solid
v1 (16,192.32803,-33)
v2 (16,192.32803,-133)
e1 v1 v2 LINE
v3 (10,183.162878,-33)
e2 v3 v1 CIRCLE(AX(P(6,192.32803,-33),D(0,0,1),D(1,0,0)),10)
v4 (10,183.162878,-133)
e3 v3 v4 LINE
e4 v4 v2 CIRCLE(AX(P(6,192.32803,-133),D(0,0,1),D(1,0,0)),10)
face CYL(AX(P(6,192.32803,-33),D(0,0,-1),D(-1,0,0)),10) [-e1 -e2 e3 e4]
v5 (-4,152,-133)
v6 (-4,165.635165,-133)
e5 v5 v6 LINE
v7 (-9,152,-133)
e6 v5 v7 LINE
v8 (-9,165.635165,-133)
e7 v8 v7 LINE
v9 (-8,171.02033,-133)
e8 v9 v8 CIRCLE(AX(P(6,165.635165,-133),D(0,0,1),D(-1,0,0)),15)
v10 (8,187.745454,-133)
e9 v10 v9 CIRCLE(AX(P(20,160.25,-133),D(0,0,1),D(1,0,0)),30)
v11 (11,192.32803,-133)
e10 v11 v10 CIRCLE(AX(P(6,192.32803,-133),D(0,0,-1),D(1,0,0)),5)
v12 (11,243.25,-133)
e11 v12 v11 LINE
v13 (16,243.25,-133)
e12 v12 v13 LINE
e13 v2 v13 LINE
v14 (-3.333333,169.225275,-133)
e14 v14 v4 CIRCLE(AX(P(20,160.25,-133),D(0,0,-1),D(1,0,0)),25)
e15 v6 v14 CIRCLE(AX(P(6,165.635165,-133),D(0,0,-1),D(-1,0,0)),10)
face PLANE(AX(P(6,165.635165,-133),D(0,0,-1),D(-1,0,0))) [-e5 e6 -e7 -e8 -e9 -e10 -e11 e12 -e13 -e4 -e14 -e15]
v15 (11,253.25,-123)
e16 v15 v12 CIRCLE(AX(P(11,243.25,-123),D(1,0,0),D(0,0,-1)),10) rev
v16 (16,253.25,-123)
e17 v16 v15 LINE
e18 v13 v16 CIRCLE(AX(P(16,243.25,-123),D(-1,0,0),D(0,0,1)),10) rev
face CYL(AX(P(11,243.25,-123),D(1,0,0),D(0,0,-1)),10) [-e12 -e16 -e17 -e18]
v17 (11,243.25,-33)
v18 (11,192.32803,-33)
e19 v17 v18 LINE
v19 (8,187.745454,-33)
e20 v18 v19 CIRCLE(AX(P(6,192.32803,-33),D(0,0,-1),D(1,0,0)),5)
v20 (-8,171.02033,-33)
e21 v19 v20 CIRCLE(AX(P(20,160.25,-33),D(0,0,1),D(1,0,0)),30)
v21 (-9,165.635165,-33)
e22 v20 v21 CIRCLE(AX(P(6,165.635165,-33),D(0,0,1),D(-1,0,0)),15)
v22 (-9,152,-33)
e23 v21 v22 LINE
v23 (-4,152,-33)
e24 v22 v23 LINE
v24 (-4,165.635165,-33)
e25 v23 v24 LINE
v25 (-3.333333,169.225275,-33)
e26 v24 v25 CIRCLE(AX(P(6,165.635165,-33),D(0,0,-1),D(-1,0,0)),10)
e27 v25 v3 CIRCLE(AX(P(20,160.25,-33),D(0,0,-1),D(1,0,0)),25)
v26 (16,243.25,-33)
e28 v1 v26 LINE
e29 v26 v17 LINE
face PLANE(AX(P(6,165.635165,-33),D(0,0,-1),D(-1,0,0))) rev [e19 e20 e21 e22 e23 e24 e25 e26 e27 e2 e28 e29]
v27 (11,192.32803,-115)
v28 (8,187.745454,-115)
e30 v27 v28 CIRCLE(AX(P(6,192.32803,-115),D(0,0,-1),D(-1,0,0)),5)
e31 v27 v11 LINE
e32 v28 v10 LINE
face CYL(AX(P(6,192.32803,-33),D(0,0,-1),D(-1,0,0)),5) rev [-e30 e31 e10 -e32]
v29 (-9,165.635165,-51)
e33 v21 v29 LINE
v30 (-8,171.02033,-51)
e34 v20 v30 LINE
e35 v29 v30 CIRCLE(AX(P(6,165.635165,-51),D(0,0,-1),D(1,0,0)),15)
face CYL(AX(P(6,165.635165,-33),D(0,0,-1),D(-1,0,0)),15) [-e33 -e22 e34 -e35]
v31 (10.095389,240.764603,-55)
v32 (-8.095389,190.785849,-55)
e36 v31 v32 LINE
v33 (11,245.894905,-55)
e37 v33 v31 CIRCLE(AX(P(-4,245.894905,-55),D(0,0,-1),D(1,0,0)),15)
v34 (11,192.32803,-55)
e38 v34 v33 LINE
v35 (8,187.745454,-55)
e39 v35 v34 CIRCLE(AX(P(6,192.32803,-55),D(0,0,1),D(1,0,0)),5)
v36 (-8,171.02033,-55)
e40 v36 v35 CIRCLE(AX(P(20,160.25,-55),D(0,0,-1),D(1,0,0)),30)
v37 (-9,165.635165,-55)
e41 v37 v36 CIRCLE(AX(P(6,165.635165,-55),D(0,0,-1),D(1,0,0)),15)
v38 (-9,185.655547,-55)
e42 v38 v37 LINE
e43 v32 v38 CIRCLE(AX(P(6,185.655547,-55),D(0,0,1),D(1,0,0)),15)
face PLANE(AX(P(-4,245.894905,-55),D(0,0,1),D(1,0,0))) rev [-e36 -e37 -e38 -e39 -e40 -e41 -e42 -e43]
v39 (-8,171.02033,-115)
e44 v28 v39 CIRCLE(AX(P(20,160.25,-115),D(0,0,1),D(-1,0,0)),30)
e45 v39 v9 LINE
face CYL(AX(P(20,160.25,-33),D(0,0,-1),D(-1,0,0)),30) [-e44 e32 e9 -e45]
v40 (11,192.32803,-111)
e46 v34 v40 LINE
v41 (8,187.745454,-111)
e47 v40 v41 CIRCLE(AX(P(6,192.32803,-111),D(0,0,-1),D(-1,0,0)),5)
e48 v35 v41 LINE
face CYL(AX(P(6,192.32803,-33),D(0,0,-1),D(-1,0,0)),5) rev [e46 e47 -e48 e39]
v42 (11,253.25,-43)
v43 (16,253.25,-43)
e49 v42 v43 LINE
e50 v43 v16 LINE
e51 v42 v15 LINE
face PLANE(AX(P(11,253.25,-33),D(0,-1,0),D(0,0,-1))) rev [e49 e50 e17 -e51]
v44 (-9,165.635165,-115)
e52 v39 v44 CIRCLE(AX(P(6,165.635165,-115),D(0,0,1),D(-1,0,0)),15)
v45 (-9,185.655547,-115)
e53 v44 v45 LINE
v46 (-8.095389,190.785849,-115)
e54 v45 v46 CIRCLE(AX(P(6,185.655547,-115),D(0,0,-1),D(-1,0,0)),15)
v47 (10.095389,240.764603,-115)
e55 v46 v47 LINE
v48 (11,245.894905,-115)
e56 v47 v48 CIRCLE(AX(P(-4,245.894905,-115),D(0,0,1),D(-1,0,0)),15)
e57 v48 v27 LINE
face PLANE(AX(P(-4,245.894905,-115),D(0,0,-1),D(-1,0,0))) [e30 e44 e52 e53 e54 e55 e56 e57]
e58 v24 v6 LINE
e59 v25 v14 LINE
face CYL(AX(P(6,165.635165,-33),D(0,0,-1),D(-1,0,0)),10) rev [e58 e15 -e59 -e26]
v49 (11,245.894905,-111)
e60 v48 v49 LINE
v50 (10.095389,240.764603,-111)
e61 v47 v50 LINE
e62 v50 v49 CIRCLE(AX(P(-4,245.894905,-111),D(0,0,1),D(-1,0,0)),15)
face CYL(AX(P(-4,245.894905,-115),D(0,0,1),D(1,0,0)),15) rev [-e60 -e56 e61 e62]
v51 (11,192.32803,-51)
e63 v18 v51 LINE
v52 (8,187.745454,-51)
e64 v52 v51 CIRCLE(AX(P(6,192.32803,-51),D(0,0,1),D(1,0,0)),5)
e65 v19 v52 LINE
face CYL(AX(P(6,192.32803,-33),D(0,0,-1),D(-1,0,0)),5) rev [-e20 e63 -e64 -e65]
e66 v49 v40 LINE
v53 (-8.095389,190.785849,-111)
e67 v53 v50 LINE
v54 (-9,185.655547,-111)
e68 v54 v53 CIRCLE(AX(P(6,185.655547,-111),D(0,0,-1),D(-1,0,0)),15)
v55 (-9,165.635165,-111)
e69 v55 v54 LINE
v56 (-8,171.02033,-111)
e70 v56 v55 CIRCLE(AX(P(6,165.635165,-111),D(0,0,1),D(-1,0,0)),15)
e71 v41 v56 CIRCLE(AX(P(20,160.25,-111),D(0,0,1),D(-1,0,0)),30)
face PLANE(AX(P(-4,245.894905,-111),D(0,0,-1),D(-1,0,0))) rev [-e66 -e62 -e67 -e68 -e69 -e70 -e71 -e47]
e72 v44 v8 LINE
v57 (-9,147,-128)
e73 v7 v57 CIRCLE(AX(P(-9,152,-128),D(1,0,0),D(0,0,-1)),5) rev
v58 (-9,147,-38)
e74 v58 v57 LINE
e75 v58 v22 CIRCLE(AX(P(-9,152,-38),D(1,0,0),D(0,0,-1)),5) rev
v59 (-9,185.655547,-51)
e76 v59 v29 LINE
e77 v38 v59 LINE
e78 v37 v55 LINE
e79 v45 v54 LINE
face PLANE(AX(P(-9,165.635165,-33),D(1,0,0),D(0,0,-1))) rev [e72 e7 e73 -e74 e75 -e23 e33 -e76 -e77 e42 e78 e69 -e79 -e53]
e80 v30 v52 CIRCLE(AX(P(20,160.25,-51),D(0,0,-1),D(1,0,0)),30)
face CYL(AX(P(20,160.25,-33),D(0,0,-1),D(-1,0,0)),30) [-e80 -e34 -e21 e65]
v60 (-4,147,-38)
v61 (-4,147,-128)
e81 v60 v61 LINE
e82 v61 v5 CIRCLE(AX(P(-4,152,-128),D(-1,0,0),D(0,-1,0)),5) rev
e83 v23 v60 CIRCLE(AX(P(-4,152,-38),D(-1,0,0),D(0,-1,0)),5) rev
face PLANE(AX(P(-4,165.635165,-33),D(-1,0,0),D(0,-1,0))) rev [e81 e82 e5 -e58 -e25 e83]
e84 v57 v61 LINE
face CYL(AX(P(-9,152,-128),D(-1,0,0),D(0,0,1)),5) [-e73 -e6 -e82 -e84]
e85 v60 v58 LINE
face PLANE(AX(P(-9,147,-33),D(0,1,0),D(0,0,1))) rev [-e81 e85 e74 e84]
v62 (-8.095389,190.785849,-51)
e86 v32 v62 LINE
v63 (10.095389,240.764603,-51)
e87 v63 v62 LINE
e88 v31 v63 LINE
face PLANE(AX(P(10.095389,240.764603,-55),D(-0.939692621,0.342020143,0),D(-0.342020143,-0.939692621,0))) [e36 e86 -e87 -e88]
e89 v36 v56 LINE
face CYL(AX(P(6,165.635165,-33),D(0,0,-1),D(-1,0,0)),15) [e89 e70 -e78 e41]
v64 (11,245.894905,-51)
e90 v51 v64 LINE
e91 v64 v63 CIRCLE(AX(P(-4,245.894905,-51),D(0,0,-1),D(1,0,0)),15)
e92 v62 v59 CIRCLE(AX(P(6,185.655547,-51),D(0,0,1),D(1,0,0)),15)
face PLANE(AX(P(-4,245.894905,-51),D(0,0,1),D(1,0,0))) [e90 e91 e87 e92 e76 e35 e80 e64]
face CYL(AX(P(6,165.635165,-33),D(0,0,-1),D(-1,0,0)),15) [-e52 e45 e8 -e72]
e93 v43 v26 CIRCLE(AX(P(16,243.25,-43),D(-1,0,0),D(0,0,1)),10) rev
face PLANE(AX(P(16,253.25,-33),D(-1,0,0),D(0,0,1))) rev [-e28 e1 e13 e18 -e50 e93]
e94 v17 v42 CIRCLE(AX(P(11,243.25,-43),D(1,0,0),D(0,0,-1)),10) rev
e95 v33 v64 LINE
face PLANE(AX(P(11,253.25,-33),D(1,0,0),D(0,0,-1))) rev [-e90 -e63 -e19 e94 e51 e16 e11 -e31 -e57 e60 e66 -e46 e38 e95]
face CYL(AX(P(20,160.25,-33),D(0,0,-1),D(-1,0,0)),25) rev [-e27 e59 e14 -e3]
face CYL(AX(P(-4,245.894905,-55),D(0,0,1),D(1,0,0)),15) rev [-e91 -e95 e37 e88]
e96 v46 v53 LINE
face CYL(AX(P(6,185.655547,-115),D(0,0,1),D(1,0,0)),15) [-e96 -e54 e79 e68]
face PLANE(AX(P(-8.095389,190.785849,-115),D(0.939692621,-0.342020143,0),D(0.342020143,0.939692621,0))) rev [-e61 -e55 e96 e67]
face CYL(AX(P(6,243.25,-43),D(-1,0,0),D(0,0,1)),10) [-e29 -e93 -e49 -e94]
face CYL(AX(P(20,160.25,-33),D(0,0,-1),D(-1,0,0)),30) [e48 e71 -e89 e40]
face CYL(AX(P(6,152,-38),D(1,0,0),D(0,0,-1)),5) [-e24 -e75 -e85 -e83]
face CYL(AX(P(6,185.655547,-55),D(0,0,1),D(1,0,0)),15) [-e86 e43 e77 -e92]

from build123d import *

# Parameters (mm, degrees)
BOSS_EXTRUDE1_DEPTH = 50
FILLET1_R           = 10
FILLET2_R           = 5
BOSS_EXTRUDE3_DEPTH = 2
BOSS_EXTRUDE4_DEPTH = 2


with BuildPart() as part:
    # Sketch2 → Boss-Extrude1 (new, symmetric)
    with BuildSketch(Plane.XY.offset(-83)):
        with BuildLine():
            Line((-4, 165.635164807), (-4, 147))
            Line((-4, 147), (-9, 147))
            Line((-9, 147), (-9, 165.635164807))
            ThreePointArc((-9, 165.635164807), (-8.747881204, 168.373777595), (-8, 171.020329614))
            ThreePointArc((-8, 171.020329614), (-1.677925359, 180.988070116), (8, 187.74545417))
            ThreePointArc((8, 187.74545417), (10.183300133, 189.589417077), (11, 192.328029865))
            Line((11, 192.328029865), (11, 253.25))
            Line((11, 253.25), (16, 253.25))
            Line((16, 253.25), (16, 192.328029865))
            ThreePointArc((16, 192.328029865), (14.366600265, 186.85080429), (10, 183.162878475))
            ThreePointArc((10, 183.162878475), (1.935062201, 177.531725097), (-3.333333333, 169.225274679))
            ThreePointArc((-3.333333333, 169.225274679), (-3.831920803, 167.460906665), (-4, 165.635164807))
        make_face()
    extrude(amount=BOSS_EXTRUDE1_DEPTH, both=True)

    # Fillet1
    fillet1_edges = [part.edges().sort_by_distance(p)[0] for p in [
        (13.5, 253.25, -133),
        (13.5, 253.25, -33),
    ]]
    fillet(fillet1_edges, radius=FILLET1_R)

    # Fillet2
    fillet2_edges = [part.edges().sort_by_distance(p)[0] for p in [
        (-6.5, 147, -133),
        (-6.5, 147, -33),
    ]]
    fillet(fillet2_edges, radius=FILLET2_R)

    # Sketch4 → Boss-Extrude3 (add, symmetric)
    with BuildSketch(Plane.XY.offset(-53)):
        with BuildLine():
            Line((10.095389312, 240.764602561), (-8.095389312, 190.78584905))
            ThreePointArc((-8.095389312, 190.78584905), (-8.772116295, 188.260269565), (-9, 185.6555469))
            Line((-9, 185.6555469), (-9, 165.635164807))
            ThreePointArc((-9, 165.635164807), (-8.747881204, 168.373777595), (-8, 171.020329614))
            ThreePointArc((-8, 171.020329614), (-1.677925359, 180.988070116), (8, 187.74545417))
            ThreePointArc((8, 187.74545417), (10.183300133, 189.589417077), (11, 192.328029865))
            Line((11, 192.328029865), (11, 245.894904711))
            ThreePointArc((11, 245.894904711), (10.772116295, 243.290182046), (10.095389312, 240.764602561))
        make_face()
    extrude(amount=BOSS_EXTRUDE3_DEPTH, both=True)

    # Sketch5 → Boss-Extrude4 (add, symmetric)
    with BuildSketch(Plane(origin=(0, 0, -113), x_dir=(-1, 0, 0), z_dir=(0, 0, -1))):
        with BuildLine():
            Line((-11, 245.894904711), (-11, 192.328029865))
            ThreePointArc((-11, 192.328029865), (-10.183300133, 189.589417077), (-8, 187.74545417))
            ThreePointArc((-8, 187.74545417), (1.677925359, 180.988070116), (8, 171.020329614))
            ThreePointArc((8, 171.020329614), (8.747881204, 168.373777595), (9, 165.635164807))
            Line((9, 165.635164807), (9, 185.6555469))
            ThreePointArc((9, 185.6555469), (8.772116295, 188.260269565), (8.095389312, 190.78584905))
            Line((8.095389312, 190.78584905), (-10.095389312, 240.764602561))
            ThreePointArc((-10.095389312, 240.764602561), (-10.772116295, 243.290182046), (-11, 245.894904711))
        make_face()
    extrude(amount=BOSS_EXTRUDE4_DEPTH, both=True)


solid = part.part
